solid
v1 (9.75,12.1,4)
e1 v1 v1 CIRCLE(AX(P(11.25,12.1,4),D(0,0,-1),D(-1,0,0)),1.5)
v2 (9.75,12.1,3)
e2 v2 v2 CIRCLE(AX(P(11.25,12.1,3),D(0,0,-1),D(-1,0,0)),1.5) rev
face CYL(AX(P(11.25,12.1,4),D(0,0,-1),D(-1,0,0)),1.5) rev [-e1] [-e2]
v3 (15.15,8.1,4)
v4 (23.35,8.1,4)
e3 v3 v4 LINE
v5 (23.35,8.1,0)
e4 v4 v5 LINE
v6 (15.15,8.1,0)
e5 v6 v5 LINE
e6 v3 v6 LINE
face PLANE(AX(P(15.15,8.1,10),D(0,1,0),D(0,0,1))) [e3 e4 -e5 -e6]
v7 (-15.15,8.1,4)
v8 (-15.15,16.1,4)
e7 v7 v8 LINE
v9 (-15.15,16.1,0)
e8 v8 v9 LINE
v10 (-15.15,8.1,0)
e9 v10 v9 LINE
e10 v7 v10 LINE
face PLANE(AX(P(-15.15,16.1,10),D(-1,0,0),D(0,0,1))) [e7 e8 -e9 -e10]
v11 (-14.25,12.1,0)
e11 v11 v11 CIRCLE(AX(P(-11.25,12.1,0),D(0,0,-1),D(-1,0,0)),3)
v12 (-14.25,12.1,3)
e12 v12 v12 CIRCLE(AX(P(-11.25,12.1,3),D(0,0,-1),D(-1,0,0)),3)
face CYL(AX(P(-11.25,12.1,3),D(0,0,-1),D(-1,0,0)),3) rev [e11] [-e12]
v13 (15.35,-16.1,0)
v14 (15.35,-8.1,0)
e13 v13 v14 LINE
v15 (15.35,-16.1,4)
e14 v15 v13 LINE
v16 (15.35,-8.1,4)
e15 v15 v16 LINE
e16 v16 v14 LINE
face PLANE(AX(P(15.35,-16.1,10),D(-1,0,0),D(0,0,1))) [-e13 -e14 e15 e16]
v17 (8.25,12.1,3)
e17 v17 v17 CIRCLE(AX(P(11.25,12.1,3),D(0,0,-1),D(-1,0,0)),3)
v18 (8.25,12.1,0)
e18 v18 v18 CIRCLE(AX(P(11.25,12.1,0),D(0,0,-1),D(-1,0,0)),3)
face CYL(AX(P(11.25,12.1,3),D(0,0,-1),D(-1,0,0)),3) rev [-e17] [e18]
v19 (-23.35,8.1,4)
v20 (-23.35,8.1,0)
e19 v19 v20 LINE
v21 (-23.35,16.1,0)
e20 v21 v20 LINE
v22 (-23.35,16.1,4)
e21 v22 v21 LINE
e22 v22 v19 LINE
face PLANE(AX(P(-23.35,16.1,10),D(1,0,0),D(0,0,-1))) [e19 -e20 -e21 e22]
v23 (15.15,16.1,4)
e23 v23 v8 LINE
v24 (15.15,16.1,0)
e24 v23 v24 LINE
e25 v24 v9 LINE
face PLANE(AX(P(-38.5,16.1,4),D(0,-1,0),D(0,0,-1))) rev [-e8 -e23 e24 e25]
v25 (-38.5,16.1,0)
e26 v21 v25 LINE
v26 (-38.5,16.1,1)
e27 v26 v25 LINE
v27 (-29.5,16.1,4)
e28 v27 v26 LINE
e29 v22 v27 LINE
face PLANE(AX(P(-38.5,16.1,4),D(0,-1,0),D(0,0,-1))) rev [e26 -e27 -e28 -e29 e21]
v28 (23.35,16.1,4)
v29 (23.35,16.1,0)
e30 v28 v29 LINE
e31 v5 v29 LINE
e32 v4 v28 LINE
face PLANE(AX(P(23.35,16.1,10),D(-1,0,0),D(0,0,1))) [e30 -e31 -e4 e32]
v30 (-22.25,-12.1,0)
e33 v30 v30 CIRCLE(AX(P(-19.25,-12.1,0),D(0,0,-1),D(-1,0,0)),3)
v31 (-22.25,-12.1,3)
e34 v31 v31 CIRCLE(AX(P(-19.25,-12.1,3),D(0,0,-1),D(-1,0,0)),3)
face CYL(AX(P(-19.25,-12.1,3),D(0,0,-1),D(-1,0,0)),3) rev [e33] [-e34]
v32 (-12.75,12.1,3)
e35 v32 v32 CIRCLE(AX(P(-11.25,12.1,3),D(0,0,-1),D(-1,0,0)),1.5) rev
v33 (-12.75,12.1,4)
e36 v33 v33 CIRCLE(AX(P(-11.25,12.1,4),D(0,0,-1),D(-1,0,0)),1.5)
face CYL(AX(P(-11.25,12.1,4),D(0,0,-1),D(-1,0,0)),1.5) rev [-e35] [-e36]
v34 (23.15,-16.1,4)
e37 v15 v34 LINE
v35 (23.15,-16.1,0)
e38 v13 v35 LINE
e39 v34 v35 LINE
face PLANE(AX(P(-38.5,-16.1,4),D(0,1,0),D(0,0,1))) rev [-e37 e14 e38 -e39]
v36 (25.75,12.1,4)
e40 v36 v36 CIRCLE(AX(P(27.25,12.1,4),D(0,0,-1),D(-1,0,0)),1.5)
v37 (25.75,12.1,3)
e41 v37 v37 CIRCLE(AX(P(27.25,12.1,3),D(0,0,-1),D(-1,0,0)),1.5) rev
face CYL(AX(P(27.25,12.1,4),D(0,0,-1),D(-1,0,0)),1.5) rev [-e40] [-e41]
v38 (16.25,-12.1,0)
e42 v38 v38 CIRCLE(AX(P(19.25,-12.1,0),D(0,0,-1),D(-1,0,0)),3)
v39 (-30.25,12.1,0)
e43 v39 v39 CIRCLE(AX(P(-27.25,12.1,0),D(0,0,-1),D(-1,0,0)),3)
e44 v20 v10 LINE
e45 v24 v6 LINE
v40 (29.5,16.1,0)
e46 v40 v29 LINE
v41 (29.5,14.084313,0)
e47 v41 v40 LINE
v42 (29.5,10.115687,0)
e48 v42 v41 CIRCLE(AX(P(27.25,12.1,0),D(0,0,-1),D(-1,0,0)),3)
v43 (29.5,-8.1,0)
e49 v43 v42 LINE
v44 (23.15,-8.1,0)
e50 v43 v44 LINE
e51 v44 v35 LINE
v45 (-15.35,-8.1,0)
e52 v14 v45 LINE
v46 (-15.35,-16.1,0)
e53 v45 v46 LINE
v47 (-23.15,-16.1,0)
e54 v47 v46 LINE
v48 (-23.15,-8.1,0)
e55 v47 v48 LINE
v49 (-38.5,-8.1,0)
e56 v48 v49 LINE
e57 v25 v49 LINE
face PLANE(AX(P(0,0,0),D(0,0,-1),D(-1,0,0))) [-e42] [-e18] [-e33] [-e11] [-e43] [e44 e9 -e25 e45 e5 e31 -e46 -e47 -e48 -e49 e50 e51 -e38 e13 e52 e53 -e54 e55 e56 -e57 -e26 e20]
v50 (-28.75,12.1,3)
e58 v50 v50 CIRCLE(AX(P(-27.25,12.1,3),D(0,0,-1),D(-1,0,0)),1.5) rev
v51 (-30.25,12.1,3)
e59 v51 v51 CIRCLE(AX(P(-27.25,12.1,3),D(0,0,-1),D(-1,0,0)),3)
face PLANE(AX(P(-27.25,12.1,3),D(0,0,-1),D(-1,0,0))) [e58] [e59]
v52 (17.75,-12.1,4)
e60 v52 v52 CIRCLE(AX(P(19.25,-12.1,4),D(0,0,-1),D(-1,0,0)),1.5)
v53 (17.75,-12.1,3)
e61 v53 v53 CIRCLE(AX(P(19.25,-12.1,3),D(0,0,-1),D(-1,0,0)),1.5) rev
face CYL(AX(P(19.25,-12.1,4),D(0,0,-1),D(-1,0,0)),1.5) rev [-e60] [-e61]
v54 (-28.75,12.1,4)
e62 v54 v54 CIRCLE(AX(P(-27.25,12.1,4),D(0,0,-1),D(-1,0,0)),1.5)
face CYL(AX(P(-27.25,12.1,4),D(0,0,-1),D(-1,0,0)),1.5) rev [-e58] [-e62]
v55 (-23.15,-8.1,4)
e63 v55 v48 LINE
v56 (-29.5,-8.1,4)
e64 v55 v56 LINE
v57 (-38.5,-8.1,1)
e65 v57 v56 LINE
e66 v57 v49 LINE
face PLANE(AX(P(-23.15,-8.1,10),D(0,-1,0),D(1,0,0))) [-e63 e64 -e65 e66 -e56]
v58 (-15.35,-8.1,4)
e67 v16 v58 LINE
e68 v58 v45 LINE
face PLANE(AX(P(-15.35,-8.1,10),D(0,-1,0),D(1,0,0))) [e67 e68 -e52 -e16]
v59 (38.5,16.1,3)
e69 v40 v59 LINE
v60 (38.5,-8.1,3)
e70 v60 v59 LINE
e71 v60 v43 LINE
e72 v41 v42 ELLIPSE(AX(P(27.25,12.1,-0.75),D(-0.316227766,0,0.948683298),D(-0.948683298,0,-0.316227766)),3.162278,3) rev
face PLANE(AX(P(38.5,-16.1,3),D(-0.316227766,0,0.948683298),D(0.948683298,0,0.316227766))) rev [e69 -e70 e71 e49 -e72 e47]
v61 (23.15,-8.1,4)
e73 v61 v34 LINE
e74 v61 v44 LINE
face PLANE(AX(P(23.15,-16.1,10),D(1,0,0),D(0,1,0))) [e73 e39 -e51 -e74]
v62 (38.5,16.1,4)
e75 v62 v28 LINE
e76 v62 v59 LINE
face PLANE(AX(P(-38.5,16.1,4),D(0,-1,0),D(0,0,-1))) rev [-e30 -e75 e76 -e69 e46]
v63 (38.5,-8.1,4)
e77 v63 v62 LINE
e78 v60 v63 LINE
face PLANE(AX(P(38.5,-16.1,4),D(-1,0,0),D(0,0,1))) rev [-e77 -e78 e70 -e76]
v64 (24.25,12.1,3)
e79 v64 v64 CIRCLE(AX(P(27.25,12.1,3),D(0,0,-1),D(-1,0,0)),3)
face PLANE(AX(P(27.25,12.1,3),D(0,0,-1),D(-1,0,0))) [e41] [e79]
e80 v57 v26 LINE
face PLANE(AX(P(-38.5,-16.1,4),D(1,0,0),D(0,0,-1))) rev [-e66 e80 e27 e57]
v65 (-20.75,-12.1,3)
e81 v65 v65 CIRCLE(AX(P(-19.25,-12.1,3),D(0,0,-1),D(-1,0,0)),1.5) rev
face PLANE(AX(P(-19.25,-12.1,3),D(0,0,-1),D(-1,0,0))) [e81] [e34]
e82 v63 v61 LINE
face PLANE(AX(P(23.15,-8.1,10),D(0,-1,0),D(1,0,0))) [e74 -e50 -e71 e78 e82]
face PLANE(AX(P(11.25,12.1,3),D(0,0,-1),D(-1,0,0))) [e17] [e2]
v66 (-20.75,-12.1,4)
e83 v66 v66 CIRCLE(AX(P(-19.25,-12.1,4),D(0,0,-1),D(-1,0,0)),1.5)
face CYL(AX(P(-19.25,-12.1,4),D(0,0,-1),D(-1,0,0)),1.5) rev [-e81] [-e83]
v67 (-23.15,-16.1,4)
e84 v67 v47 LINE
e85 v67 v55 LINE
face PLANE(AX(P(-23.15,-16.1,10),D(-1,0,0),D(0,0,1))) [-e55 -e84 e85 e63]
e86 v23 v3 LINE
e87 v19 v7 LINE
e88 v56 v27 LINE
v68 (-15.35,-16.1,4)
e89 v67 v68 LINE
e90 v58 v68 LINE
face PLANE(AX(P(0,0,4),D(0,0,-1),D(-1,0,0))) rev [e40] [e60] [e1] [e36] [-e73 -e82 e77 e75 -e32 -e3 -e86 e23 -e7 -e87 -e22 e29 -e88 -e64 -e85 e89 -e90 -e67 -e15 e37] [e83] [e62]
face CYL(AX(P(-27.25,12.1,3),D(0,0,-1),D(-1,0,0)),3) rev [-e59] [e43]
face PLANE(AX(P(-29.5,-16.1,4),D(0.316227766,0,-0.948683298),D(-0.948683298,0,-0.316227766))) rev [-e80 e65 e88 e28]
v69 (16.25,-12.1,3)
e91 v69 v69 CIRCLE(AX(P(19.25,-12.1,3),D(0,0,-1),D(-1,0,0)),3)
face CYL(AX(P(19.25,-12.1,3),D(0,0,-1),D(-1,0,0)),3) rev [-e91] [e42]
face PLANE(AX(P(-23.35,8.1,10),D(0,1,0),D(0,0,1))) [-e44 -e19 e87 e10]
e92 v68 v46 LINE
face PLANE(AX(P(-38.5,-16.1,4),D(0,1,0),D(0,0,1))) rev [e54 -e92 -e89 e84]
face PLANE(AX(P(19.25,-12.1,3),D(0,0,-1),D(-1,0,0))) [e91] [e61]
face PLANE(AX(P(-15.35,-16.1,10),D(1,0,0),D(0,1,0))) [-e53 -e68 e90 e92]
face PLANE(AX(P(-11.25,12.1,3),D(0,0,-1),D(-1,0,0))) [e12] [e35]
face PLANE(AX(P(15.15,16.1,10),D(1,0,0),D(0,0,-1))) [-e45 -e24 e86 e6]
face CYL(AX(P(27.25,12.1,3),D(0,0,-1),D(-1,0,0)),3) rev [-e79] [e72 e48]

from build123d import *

# Parameters (mm, degrees)
SKETCH_1_W                       = 77
SKETCH_1_H                       = 32.2
EXTRUDE_1_DEPTH                  = 4
SKETCH_4_R                       = 1.5
CUT_EXTRUDE_3_DEPTH              = 42.92207056
SKETCH_9_R                       = 3
CUT_EXTRUDE_7_DEPTH              = 3
PATTERN_LINEAR_2_COUNT           = 2
PATTERN_LINEAR_2_PITCH           = 38.5
PATTERN_LINEAR_3_COUNT           = 2
PATTERN_LINEAR_3_PITCH           = 24.2
PATTERN_LINEAR_3_COPY_1_SKETCH_R = 1.5
PATTERN_LINEAR_3_COPY_1_DEPTH    = 42.92207056
PATTERN_LINEAR_3_COPY_2_SKETCH_R = 3
PATTERN_LINEAR_3_COPY_2_DEPTH    = 3
SKETCH_12_W                      = 8.2
SKETCH_12_H                      = 8
SKETCH_12_W_2                    = 15.35
CUT_EXTRUDE_13_DEPTH             = 10
PATTERN_LINEAR_5_COUNT           = 2
PATTERN_LINEAR_5_PITCH           = 38.5
CUT_EXTRUDE_14_DEPTH             = 51.349677258


with BuildPart() as part:
    # 草图1 → 凸台-拉伸1 (new body)
    with BuildSketch(Plane.XY):
        Rectangle(SKETCH_1_W, SKETCH_1_H)
    extrude(amount=EXTRUDE_1_DEPTH)

    # 草图4 → 切除-拉伸3 (cut, through all)
    with BuildSketch(Plane(origin=(0, 0, 0), x_dir=(-1, 0, 0), z_dir=(0, 0, -1))):
        with Locations((-27.25, 12.1)):
            Circle(SKETCH_4_R)
        with Locations((-19.25, 12.1)):
            Circle(SKETCH_4_R)
        with Locations((-11.25, 12.1)):
            Circle(SKETCH_4_R)
    cut_extrude_3 = extrude(amount=-CUT_EXTRUDE_3_DEPTH, mode=Mode.SUBTRACT)

    # 草图9 → 切除-拉伸7 (cut)
    with BuildSketch(Plane(origin=(0, 0, 0), x_dir=(-1, 0, 0), z_dir=(0, 0, -1))):
        with Locations((-27.25, 12.1)):
            Circle(SKETCH_9_R)
        with Locations((-19.25, 12.1)):
            Circle(SKETCH_9_R)
        with Locations((-11.25, 12.1)):
            Circle(SKETCH_9_R)
    cut_extrude_7 = extrude(amount=-CUT_EXTRUDE_7_DEPTH, mode=Mode.SUBTRACT)

    # 阵列(线性)2: 切除-拉伸3, 切除-拉伸7 ×2
    with Locations(*[(-i * PATTERN_LINEAR_2_PITCH, 0, 0) for i in range(1, PATTERN_LINEAR_2_COUNT)]):
        add(cut_extrude_3, mode=Mode.SUBTRACT)
        add(cut_extrude_7, mode=Mode.SUBTRACT)

    # 阵列(线性)3: 切除-拉伸3, 切除-拉伸7 ×2
    with Locations(*[(0, -i * PATTERN_LINEAR_3_PITCH, 0) for i in range(1, PATTERN_LINEAR_3_COUNT)]):
        add(cut_extrude_3, mode=Mode.SUBTRACT)
        add(cut_extrude_7, mode=Mode.SUBTRACT)

    # 阵列(线性)3 copy 1 sketch → 阵列(线性)3 copy 1 (cut, through all)
    with BuildSketch(Plane(origin=(-38.5, -24.2, 0), x_dir=(-1, 0, 0), z_dir=(0, 0, -1))):
        with Locations((-27.25, 12.1)):
            Circle(PATTERN_LINEAR_3_COPY_1_SKETCH_R)
        with Locations((-19.25, 12.1)):
            Circle(PATTERN_LINEAR_3_COPY_1_SKETCH_R)
        with Locations((-11.25, 12.1)):
            Circle(PATTERN_LINEAR_3_COPY_1_SKETCH_R)
    extrude(amount=-PATTERN_LINEAR_3_COPY_1_DEPTH, mode=Mode.SUBTRACT)

    # 阵列(线性)3 copy 2 sketch → 阵列(线性)3 copy 2 (cut)
    with BuildSketch(Plane(origin=(-38.5, -24.2, 0), x_dir=(-1, 0, 0), z_dir=(0, 0, -1))):
        with Locations((-27.25, 12.1)):
            Circle(PATTERN_LINEAR_3_COPY_2_SKETCH_R)
        with Locations((-19.25, 12.1)):
            Circle(PATTERN_LINEAR_3_COPY_2_SKETCH_R)
        with Locations((-11.25, 12.1)):
            Circle(PATTERN_LINEAR_3_COPY_2_SKETCH_R)
    extrude(amount=-PATTERN_LINEAR_3_COPY_2_DEPTH, mode=Mode.SUBTRACT)

    # 草图12 → 切除-拉伸13 (cut)
    with BuildSketch(Plane.XY):
        with Locations((-19.25, 12.1)):
            Rectangle(SKETCH_12_W, SKETCH_12_H)
        with Locations((-30.825, -12.1)):
            Rectangle(SKETCH_12_W_2, SKETCH_12_H)
        with Locations((-7.675, -12.1)):
            Rectangle(SKETCH_12_W_2, SKETCH_12_H)
    cut_extrude_13 = extrude(amount=CUT_EXTRUDE_13_DEPTH, mode=Mode.SUBTRACT)

    # 阵列(线性)5: 切除-拉伸13 ×2
    with Locations(*[(i * PATTERN_LINEAR_5_PITCH, 0, 0) for i in range(1, PATTERN_LINEAR_5_COUNT)]):
        add(cut_extrude_13, mode=Mode.SUBTRACT)

    # 草图13 → 切除-拉伸14 (cut, through all)
    with BuildSketch(Plane(origin=(0, 16.1, 0), x_dir=(1, 0, 0), z_dir=(0, 1, 0))):
        Polygon((29.5, 0), (38.5, 0), (38.5, -3), align=None)
        Polygon((-38.5, -1), (-38.5, -4), (-29.5, -4), align=None)
    extrude(amount=-CUT_EXTRUDE_14_DEPTH, mode=Mode.SUBTRACT)


solid = part.part
